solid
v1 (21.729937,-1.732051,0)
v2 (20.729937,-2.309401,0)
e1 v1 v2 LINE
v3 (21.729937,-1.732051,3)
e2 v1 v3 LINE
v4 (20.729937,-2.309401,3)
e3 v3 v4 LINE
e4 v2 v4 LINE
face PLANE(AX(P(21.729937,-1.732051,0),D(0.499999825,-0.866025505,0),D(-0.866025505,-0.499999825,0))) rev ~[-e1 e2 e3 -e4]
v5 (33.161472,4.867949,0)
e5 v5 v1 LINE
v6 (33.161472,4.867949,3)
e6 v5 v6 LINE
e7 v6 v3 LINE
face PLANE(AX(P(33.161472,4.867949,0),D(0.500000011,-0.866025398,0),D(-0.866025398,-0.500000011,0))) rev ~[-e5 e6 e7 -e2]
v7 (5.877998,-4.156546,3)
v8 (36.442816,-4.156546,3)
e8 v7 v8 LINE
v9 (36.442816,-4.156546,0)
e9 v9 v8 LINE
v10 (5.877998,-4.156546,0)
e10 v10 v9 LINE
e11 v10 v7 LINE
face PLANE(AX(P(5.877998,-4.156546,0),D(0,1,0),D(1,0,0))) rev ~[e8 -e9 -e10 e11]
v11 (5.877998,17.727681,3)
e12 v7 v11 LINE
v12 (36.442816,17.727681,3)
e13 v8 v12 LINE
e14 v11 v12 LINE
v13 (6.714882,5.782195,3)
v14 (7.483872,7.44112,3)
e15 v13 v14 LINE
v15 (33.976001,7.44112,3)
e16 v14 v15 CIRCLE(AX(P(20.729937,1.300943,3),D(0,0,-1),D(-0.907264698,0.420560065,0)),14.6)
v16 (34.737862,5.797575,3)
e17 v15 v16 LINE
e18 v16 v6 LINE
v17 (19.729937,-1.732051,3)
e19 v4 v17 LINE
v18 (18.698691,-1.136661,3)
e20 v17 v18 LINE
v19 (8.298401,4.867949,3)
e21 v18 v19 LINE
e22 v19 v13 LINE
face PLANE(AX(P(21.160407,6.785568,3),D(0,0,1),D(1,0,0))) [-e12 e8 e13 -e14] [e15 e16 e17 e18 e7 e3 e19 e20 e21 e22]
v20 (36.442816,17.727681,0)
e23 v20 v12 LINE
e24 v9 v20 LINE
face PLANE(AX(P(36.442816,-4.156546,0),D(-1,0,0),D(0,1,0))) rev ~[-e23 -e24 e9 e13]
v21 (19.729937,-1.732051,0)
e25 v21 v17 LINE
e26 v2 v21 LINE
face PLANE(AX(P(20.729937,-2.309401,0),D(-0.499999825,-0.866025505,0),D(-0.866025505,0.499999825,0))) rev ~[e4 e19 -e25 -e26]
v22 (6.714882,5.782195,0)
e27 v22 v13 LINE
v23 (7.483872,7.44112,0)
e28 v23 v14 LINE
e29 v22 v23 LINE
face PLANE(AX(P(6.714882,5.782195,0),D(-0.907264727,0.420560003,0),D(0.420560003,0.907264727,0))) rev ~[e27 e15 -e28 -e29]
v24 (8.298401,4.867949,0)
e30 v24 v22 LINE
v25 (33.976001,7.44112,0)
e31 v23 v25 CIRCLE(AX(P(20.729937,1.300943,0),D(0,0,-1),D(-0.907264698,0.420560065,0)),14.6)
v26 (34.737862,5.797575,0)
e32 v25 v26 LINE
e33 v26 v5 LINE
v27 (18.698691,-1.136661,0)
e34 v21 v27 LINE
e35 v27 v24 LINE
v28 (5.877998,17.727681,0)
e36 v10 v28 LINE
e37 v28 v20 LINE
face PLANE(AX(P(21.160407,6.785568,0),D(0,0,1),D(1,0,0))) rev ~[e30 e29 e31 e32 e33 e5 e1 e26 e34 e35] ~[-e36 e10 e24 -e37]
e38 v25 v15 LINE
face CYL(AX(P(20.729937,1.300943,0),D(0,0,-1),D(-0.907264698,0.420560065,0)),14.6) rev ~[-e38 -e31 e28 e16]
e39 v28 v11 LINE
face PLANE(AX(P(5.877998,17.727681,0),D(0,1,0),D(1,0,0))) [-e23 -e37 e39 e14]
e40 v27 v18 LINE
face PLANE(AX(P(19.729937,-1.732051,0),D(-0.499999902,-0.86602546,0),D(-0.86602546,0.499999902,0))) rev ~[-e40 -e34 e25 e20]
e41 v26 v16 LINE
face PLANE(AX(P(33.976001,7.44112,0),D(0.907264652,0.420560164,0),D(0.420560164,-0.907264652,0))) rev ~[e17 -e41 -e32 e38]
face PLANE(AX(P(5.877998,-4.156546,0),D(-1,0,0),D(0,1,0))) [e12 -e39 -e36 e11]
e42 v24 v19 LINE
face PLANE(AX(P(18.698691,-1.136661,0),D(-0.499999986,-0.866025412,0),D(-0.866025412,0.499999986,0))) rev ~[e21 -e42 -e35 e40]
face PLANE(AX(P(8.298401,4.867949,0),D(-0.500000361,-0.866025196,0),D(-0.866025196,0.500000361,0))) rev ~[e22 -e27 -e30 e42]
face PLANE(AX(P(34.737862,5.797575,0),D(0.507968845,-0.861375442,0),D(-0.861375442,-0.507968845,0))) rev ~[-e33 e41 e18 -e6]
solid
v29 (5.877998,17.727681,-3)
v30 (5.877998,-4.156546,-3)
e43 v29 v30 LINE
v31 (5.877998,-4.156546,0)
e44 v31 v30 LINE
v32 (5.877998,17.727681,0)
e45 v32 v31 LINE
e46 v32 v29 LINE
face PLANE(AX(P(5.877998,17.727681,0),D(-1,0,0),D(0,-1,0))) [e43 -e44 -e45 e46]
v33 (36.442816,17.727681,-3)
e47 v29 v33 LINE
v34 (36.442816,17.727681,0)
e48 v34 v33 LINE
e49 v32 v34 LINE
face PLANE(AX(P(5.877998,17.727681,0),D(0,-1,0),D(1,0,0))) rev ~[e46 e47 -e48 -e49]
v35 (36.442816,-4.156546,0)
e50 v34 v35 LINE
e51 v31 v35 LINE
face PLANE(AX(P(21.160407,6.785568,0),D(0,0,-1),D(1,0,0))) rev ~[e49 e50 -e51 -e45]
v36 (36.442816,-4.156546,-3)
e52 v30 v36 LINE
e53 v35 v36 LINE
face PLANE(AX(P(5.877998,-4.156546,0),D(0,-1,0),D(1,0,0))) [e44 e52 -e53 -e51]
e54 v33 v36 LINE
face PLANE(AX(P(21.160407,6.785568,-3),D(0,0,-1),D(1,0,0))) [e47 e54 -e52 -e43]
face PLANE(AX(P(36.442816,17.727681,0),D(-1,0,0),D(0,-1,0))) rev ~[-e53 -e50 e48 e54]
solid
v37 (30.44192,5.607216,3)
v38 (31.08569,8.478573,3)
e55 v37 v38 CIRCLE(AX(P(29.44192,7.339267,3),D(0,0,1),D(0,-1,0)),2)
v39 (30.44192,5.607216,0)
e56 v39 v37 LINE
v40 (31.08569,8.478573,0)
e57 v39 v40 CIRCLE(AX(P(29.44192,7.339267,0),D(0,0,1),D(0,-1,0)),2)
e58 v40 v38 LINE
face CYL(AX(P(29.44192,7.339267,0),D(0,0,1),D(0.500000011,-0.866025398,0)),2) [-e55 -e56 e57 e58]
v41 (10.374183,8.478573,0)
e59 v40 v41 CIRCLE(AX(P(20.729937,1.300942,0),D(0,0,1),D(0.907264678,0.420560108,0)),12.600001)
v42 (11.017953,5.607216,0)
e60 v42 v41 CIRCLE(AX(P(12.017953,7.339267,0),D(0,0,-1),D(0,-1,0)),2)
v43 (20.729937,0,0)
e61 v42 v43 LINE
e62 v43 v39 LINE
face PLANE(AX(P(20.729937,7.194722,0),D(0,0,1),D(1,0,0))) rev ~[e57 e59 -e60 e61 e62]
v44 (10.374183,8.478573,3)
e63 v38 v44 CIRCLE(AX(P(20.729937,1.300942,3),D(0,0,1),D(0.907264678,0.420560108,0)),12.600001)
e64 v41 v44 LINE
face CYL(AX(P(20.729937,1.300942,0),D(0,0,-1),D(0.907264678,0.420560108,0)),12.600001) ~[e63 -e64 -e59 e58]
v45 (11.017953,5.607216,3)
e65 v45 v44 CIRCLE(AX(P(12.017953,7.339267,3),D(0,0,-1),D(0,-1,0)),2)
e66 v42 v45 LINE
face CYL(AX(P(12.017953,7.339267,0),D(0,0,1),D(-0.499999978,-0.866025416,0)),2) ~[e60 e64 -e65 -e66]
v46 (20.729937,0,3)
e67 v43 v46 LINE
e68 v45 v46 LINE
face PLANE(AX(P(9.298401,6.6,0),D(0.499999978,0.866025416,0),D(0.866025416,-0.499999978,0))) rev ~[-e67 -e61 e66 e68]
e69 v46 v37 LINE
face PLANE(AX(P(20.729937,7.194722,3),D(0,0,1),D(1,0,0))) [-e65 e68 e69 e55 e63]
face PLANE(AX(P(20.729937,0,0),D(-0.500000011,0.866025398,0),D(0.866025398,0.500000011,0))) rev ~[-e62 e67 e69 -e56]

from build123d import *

# Parameters (mm, degrees)
F0_W     = 30.564818
F0_H     = 21.884227
F1_DEPTH = 3
F2_W     = 30.564818
F2_H     = 21.884227
F3_DEPTH = 3
F4_R     = 2
F5_R     = 2


with BuildPart() as f1:
    # F0 (on Top) → F1 (new body)
    with BuildSketch(Plane.XY):
        with Locations((21.160407, 6.785568)):
            Rectangle(F0_W, F0_H)
        with BuildLine():
            ThreePointArc((7.483872, 7.44112), (20.729937, 15.900943), (33.976001, 7.44112))
            Line((33.976001, 7.44112), (34.737862, 5.797575))
            Line((34.737862, 5.797575), (33.161472, 4.867949))
            Line((33.161472, 4.867949), (21.729937, -1.732051))
            Line((21.729937, -1.732051), (20.729937, -2.309401))
            Line((20.729937, -2.309401), (19.729937, -1.732051))
            Line((19.729937, -1.732051), (18.698691, -1.136661))
            Line((18.698691, -1.136661), (8.298401, 4.867949))
            Line((8.298401, 4.867949), (6.714882, 5.782195))
            Line((6.714882, 5.782195), (7.483872, 7.44112))
        make_face(mode=Mode.SUBTRACT)
        with BuildLine():
            Line((9.298401, 6.6), (20.729937, 0))
            Line((20.729937, 0), (32.161472, 6.6))
            ThreePointArc((32.161472, 6.6), (20.729937, 13.900943), (9.298401, 6.6))
        make_face()
    extrude(amount=F1_DEPTH)

    # F4
    f4_edges = [f1.edges().sort_by_distance(p)[0] for p in [
        (9.298401, 6.6, 1.5),
    ]]
    fillet(f4_edges, radius=F4_R)

    # F5
    f5_edges = [f1.edges().sort_by_distance(p)[0] for p in [
        (32.161472, 6.6, 1.5),
    ]]
    fillet(f5_edges, radius=F5_R)


with BuildPart() as f3:
    # F2 (on face) → F3 (new body)
    with BuildSketch(Plane(origin=(0, 0, 0), x_dir=(1, 0, 0), z_dir=(0, 0, -1))):
        with Locations((21.160407, -6.785568)):
            Rectangle(F2_W, F2_H)
    extrude(amount=F3_DEPTH)


solid = Compound([f1.part, f3.part])
